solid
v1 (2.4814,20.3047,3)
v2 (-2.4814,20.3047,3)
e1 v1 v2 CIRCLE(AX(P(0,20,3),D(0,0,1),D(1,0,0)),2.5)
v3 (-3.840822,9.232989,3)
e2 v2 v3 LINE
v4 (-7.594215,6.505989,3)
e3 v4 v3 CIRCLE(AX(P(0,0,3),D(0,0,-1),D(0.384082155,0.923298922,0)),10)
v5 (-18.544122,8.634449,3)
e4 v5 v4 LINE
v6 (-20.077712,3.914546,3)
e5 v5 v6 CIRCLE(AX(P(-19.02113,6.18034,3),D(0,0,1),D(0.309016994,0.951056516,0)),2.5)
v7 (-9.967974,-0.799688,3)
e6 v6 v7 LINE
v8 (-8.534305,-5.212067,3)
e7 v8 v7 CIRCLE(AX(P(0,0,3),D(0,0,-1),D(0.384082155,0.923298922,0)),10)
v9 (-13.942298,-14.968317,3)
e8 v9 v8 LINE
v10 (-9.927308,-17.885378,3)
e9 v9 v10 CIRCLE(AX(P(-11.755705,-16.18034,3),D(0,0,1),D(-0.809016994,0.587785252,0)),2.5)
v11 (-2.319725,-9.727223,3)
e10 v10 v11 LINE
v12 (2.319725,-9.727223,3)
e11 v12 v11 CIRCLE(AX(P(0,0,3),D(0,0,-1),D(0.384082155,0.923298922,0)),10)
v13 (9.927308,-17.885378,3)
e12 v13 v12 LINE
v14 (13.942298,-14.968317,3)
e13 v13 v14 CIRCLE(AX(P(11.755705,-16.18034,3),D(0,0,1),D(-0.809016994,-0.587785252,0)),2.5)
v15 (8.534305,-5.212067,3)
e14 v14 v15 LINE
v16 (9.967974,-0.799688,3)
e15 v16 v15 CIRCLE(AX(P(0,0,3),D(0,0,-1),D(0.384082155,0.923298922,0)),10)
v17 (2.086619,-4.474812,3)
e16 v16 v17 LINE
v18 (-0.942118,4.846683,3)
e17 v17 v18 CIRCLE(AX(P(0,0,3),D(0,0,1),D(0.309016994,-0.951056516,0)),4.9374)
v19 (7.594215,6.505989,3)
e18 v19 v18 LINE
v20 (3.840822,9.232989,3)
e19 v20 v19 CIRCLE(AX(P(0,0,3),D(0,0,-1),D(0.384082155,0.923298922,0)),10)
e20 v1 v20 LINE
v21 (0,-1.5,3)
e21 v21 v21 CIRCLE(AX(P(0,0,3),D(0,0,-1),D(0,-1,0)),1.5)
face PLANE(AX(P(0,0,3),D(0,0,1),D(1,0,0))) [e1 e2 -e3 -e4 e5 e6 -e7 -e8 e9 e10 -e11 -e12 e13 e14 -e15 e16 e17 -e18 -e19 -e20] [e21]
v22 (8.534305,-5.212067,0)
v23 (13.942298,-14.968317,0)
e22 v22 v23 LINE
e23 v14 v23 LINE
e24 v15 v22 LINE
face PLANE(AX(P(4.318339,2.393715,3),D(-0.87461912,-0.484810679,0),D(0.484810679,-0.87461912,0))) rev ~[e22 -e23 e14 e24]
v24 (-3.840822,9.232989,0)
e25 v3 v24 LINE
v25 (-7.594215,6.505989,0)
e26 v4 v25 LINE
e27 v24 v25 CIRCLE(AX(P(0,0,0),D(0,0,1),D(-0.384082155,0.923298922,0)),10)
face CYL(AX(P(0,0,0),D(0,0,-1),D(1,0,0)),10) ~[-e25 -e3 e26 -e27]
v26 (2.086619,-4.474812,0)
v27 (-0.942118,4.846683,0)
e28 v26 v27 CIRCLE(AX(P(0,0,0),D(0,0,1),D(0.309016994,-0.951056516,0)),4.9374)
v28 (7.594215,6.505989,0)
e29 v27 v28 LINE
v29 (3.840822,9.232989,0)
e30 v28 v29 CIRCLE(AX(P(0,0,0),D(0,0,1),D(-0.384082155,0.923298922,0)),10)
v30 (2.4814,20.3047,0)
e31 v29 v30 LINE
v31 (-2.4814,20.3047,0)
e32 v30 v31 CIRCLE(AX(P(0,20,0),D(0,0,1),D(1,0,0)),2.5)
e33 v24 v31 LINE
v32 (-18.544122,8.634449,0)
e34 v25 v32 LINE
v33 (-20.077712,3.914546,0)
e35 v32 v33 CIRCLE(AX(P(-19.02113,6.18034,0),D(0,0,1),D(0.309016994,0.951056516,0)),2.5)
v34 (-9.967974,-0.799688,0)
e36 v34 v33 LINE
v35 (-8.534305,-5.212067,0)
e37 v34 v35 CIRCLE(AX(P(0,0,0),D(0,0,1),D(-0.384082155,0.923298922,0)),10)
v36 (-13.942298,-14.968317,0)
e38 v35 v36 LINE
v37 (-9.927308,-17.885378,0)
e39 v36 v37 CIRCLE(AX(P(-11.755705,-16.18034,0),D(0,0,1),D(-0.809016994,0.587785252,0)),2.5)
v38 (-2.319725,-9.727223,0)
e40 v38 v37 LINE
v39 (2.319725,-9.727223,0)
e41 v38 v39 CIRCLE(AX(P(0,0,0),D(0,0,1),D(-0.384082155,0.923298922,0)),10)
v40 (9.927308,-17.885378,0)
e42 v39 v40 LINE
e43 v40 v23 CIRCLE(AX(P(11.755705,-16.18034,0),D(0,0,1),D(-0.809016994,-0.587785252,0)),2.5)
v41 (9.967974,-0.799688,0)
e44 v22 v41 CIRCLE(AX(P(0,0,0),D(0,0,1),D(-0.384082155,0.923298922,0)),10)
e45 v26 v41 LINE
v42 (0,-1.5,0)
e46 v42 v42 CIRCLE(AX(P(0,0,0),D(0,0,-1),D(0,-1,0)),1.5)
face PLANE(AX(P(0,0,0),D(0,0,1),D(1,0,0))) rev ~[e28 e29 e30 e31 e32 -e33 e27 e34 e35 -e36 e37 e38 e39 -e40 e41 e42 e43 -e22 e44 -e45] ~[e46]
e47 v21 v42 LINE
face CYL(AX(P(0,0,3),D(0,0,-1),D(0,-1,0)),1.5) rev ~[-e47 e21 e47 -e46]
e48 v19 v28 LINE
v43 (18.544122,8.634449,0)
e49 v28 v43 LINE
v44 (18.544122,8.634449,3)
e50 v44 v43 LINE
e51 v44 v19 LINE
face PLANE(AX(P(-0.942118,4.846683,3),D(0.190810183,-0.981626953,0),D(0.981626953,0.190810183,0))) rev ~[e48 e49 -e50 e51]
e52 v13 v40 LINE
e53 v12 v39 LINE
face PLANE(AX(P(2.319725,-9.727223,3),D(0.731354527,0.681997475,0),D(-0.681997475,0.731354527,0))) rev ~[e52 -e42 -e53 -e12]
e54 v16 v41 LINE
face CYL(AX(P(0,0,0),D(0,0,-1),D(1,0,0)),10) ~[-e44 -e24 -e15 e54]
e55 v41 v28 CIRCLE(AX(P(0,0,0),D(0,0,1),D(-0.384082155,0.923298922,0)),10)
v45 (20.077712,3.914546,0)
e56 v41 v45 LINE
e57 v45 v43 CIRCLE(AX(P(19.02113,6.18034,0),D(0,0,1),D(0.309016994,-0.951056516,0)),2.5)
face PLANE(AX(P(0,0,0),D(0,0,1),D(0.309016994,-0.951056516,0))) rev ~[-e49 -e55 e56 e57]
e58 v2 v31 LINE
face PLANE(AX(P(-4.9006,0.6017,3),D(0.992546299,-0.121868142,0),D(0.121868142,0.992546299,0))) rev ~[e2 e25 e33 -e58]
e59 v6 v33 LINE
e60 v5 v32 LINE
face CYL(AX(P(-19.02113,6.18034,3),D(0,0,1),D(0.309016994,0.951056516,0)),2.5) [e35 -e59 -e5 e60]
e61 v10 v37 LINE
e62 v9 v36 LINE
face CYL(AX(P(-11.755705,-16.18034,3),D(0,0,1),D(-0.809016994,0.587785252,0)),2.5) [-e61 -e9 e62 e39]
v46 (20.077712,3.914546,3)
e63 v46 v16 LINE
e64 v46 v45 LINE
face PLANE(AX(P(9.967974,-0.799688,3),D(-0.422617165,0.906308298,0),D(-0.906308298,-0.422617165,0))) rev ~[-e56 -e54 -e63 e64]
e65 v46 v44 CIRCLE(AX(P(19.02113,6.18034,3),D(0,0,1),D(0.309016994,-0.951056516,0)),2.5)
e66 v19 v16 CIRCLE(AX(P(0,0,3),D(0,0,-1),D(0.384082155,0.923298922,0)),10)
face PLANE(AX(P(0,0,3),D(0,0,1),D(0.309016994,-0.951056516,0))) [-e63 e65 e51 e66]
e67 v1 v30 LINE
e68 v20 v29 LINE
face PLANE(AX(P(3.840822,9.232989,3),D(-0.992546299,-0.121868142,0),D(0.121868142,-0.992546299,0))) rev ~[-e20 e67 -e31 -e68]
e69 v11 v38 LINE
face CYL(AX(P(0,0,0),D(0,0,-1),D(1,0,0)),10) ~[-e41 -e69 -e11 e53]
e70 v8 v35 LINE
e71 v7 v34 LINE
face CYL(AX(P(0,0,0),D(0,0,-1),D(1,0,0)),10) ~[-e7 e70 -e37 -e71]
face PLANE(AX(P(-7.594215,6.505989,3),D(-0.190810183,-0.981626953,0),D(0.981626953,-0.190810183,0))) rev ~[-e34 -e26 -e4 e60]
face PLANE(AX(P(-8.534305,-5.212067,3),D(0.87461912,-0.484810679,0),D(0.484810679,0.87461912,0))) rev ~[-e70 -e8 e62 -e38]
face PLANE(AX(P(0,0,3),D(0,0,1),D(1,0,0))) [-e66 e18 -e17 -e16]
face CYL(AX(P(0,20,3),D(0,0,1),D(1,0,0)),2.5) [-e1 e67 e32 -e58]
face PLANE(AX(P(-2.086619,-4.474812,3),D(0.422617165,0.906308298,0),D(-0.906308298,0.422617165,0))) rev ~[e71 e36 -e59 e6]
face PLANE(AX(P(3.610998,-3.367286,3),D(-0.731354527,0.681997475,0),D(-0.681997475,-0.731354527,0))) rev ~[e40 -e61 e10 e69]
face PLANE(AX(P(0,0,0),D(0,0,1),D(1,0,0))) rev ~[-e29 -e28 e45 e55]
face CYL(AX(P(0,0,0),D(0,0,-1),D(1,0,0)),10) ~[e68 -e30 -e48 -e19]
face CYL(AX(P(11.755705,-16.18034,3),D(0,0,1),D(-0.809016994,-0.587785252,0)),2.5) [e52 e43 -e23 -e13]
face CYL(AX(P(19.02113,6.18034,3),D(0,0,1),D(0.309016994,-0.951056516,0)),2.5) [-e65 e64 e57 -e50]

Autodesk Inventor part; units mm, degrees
ref_plane "YZ Plane" through (0, 0, 0) normal (1, 0, 0) x (0, 1, 0)
ref_plane "XZ Plane" through (0, 0, 0) normal (0, 1, 0) x (-1, 0, 0)
ref_plane "XY Plane" through (0, 0, 0) normal (0, 0, 1) x (1, 0, 0)
sketch "Sketch1" plane through (0, 0, 0) normal (0, 0, 1) x (1, 0, 0)
  circle A0 centre (0, 0) radius 10
  dimension "d0" = 20
extrude "Extrusion1" add sketch "Sketch1" along normal blind 3
sketch "Sketch2" plane through (0, 0, 3) normal (0, 0, 1) x (1, 0, 0)
  point P0 (0, 0)
  point P1 (0, 0)
hole "Hole1" at (0, 0, 3) direction (0, 0, -1) diameter 3 end through all
sketch "Sketch4" plane through (0, 0, 3) normal (0, 0, 1) x (1, 0, 0)
  circle A0 centre (0, 0) radius 10 projected
  circle A1 centre (0, 20) radius 2.5
  circle A2 centre (0, 0) radius 1.5 projected
  circle A3 centre (0, 0) radius 4.9374
  line L0 (-4.9006, 0.6017) -> (-2.4814, 20.3047)
  line L1 (2.4814, 20.3047) -> (4.9006, 0.6017)
  dimension "d17" = 20
  dimension "d25" = 5
  dimension "d26" = 20
  dimension "d28" = 14
extrude "Extrusion2" add sketch "Sketch4" against normal up to surface (3 mm away) contours L1 A3 L0 A0 | A0 L0 A1 L1 | A1 picked at (-0.6528, 8.2479)
pattern_circular "Circular Pattern1" count 5 over 360 about axis through (0, 0, -10) along (0, 0, 1) of "Extrusion2"
properties part number "Selection_Gear 1" material "Nylon 6/6"
